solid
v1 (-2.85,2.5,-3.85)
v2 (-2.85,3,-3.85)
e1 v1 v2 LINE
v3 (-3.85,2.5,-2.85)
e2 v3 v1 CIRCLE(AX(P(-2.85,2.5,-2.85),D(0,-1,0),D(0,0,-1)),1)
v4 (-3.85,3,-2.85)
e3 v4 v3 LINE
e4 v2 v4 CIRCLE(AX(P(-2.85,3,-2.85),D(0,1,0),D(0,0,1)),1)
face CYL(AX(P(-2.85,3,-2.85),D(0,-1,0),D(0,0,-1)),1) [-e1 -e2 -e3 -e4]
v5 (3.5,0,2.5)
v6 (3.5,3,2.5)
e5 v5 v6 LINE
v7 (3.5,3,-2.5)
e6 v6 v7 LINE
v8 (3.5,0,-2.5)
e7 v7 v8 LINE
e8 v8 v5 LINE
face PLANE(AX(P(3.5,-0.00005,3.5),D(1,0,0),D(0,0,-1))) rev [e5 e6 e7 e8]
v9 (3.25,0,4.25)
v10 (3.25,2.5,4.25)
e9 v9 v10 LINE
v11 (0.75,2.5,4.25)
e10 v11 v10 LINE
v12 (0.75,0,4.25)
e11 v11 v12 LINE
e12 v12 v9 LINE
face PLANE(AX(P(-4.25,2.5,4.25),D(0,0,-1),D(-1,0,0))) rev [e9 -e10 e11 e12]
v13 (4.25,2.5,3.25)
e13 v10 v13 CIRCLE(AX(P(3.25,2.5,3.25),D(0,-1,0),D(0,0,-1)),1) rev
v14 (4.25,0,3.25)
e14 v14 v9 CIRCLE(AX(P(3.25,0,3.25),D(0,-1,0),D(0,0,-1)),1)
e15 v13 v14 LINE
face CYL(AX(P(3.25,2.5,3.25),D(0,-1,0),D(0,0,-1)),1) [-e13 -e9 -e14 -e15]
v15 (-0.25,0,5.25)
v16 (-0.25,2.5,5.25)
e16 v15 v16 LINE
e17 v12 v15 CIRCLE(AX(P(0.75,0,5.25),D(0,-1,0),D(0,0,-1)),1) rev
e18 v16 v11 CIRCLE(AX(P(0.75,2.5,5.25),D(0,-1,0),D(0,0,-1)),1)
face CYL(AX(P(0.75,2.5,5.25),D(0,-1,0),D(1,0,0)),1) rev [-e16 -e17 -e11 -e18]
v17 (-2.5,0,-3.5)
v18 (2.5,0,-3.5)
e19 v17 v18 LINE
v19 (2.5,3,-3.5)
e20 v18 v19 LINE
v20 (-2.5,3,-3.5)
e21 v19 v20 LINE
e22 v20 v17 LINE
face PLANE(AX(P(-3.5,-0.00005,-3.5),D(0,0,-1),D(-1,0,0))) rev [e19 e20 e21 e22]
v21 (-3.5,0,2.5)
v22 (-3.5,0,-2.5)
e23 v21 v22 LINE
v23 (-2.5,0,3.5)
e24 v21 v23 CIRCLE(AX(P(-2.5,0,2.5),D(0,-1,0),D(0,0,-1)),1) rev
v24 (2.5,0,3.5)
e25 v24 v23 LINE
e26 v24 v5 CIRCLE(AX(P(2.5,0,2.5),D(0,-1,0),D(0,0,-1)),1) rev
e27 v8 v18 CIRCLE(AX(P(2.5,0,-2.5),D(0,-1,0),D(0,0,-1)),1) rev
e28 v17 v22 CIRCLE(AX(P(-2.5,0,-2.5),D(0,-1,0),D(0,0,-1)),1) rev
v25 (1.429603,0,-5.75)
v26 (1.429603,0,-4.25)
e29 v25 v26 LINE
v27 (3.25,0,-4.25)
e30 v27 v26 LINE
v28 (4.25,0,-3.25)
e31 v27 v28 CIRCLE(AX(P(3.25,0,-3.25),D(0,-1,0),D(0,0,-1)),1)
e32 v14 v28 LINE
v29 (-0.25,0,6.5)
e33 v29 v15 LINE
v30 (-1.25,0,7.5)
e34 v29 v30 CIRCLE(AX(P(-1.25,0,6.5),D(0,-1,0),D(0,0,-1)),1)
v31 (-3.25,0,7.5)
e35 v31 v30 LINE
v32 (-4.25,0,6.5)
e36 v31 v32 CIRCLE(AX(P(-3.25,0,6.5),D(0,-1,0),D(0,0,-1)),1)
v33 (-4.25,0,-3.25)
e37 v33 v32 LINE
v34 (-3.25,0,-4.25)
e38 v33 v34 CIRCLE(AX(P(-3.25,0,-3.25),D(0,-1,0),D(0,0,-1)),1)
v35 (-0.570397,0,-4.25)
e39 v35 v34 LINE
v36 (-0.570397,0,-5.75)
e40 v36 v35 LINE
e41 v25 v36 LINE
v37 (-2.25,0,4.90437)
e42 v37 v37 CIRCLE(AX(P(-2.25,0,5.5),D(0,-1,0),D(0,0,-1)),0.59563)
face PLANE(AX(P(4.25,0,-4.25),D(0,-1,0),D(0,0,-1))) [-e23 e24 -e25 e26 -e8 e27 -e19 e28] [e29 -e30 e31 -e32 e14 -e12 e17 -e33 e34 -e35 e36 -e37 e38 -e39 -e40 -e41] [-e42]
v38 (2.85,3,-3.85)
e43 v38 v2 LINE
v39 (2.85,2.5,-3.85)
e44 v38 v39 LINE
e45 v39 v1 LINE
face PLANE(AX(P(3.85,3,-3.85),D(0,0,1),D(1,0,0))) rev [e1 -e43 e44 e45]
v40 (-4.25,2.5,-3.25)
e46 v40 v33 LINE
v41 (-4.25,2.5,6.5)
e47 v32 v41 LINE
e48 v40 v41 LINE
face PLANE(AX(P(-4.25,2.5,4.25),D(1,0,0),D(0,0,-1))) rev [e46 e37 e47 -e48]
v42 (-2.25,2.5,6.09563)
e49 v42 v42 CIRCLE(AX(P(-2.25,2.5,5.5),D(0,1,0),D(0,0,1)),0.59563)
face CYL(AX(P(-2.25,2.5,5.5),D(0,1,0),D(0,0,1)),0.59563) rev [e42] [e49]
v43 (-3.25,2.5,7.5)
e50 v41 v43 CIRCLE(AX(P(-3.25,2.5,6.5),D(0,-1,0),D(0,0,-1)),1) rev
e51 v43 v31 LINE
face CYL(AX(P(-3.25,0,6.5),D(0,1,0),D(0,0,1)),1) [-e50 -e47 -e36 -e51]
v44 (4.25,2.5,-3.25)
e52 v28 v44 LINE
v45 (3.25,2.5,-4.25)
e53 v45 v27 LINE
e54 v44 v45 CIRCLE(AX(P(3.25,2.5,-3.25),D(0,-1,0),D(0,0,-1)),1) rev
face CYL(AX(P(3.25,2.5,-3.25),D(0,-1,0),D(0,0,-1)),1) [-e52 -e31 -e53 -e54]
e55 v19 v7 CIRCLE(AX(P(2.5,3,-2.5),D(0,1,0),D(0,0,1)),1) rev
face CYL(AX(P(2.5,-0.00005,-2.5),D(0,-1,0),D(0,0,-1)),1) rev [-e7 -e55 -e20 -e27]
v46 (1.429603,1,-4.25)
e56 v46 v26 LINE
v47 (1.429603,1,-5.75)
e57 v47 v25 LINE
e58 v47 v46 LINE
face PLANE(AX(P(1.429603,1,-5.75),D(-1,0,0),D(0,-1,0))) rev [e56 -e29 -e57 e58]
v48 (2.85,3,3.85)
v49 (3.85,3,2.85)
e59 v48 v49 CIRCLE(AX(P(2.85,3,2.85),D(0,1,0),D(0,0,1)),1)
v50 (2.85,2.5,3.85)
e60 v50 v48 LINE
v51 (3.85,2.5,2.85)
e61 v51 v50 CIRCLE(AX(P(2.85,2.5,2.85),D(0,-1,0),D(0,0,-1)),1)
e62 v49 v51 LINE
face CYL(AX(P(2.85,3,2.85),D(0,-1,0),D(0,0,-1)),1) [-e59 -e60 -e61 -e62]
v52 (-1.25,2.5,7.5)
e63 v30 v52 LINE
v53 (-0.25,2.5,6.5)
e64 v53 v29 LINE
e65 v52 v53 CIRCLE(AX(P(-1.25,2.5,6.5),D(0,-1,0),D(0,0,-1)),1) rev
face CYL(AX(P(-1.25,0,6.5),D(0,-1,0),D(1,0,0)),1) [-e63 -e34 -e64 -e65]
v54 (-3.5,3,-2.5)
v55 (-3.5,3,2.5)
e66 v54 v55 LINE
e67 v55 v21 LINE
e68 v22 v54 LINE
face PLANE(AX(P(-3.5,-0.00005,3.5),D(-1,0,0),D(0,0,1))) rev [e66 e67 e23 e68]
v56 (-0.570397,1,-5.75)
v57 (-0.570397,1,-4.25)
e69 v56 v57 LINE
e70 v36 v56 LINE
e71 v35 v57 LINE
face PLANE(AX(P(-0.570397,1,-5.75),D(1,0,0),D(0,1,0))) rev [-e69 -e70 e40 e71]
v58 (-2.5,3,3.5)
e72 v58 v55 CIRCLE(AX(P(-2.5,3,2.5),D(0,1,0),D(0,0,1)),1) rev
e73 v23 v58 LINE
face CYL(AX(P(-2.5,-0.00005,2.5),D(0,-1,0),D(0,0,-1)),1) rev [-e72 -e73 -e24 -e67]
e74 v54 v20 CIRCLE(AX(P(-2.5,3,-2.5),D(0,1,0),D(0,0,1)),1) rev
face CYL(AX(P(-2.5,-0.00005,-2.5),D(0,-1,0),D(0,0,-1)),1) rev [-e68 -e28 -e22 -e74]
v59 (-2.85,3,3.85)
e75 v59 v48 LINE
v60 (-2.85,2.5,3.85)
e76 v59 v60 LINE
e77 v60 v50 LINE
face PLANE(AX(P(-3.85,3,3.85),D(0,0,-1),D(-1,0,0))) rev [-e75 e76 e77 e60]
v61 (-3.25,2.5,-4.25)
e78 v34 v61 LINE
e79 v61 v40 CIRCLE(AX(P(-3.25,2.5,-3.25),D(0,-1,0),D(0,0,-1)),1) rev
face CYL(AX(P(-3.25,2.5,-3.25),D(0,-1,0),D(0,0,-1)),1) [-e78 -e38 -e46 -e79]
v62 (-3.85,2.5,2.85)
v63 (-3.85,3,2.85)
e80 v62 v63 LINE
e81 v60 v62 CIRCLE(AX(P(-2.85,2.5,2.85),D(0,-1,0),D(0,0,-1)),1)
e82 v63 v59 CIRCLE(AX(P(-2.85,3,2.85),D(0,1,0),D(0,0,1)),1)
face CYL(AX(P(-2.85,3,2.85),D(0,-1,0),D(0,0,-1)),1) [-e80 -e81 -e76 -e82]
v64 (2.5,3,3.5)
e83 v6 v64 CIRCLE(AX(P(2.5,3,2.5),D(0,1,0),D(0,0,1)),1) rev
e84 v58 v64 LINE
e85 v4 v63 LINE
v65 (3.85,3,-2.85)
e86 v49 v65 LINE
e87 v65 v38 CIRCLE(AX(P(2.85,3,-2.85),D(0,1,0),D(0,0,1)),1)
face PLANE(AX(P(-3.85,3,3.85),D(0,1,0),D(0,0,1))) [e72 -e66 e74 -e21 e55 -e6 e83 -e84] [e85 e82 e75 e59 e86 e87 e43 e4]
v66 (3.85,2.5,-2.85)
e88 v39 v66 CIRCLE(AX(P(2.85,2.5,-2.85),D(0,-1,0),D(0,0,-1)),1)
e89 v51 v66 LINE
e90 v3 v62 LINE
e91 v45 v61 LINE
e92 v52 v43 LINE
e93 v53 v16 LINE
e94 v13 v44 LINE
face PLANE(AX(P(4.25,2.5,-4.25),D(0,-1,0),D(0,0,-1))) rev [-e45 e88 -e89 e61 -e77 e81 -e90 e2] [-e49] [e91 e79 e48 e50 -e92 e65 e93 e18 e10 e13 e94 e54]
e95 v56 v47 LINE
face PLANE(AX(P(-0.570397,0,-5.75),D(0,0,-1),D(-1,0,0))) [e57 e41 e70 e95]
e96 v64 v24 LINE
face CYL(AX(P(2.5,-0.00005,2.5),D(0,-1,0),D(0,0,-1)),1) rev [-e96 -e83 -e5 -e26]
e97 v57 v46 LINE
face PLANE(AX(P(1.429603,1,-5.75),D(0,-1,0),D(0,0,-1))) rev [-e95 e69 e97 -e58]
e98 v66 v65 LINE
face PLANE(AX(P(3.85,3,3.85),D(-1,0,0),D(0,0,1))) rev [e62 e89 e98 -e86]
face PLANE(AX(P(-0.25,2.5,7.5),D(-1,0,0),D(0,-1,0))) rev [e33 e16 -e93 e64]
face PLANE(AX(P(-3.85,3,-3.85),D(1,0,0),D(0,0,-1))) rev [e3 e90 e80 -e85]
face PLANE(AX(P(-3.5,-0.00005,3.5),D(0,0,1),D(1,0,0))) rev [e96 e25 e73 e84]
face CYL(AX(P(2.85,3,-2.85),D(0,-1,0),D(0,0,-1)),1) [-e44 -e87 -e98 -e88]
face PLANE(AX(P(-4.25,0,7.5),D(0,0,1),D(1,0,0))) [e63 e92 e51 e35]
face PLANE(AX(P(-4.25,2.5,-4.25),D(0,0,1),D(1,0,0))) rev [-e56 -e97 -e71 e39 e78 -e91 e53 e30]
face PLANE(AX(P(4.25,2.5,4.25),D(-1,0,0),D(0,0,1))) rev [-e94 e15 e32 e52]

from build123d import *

# Parameters (mm, degrees)
SKETCH1_W             = 8.5
SKETCH1_H             = 8.5
EXTRUDE1_DEPTH        = 2.5
SKETCH15_W            = 7.7
SKETCH15_H            = 7.7
EXTRUDE8_DEPTH        = 0.5
SKETCH3_W             = 4
SKETCH3_H             = 2.5
EXTRUDE3_DEPTH        = 3.25
SKETCH2_W             = 7
SKETCH2_H             = 7
EXTRUDE2_DEPTH        = 1.5
EXTRUDE2_DEPTH_BACK   = 3.5
F_0_80_TAPPED_HOLE1_D = 1.19126
SKETCH11_W            = 2
SKETCH11_H            = 1
EXTRUDE5_DEPTH        = 1.5
FILLET1_R             = 1


with BuildPart() as part:
    # Sketch1 → Extrude1 (new body)
    with BuildSketch(Plane(origin=(0, 0, 0), x_dir=(1, 0, 0), z_dir=(0, 1, 0))):
        Rectangle(SKETCH1_W, SKETCH1_H)
    extrude(amount=EXTRUDE1_DEPTH)

    # Sketch15 → Extrude8 (add)
    with BuildSketch(Plane(origin=(0, 2.5, 0), x_dir=(1, 0, 0), z_dir=(0, 1, 0))):
        Rectangle(SKETCH15_W, SKETCH15_H)
    extrude(amount=EXTRUDE8_DEPTH)

    # Sketch3 → Extrude3 (add)
    with BuildSketch(Plane.XY.offset(4.25)):
        with Locations((-2.25, 1.25)):
            Rectangle(SKETCH3_W, SKETCH3_H)
    extrude(amount=EXTRUDE3_DEPTH)

    # Sketch2 → Extrude2 (cut, two sides)
    with BuildSketch(Plane(origin=(0, 2.5, 0), x_dir=(1, 0, 0), z_dir=(0, 1, 0))) as extrude2_sk:
        Rectangle(SKETCH2_W, SKETCH2_H)
    extrude(amount=EXTRUDE2_DEPTH, mode=Mode.SUBTRACT)
    extrude(extrude2_sk.sketch, amount=-EXTRUDE2_DEPTH_BACK, mode=Mode.SUBTRACT)

    # #0-80 Tapped Hole1 (through all)
    with Locations(Plane(origin=(-2.25, 2.5, 5.5), x_dir=(0, 0, 1), z_dir=(0, 1, 0))):
        with Locations((0, 0)):
            Hole(F_0_80_TAPPED_HOLE1_D / 2)

    # Sketch11 → Extrude5 (add)
    with BuildSketch(Plane(origin=(0, 0, -4.25), x_dir=(-1, 0, 0), z_dir=(0, 0, -1))):
        with Locations((-0.42960296, 0.5)):
            Rectangle(SKETCH11_W, SKETCH11_H)
    extrude(amount=EXTRUDE5_DEPTH)

    # Fillet1
    fillet1_edges = [part.edges().sort_by_distance(p)[0] for p in [
        (3.5, 1.5, -3.5),
        (-3.5, 1.5, -3.5),
        (-3.5, 1.5, 3.5),
        (3.5, 1.5, 3.5),
        (-4.25, 1.25, 7.5),
        (-0.25, 1.25, 7.5),
        (-0.25, 1.25, 4.25),
        (4.25, 1.25, 4.25),
        (4.25, 1.25, -4.25),
        (-4.25, 1.25, -4.25),
        (-3.85, 2.75, 3.85),
        (-3.85, 2.75, -3.85),
        (3.85, 2.75, -3.85),
        (3.85, 2.75, 3.85),
    ]]
    fillet(fillet1_edges, radius=FILLET1_R)


solid = part.part
